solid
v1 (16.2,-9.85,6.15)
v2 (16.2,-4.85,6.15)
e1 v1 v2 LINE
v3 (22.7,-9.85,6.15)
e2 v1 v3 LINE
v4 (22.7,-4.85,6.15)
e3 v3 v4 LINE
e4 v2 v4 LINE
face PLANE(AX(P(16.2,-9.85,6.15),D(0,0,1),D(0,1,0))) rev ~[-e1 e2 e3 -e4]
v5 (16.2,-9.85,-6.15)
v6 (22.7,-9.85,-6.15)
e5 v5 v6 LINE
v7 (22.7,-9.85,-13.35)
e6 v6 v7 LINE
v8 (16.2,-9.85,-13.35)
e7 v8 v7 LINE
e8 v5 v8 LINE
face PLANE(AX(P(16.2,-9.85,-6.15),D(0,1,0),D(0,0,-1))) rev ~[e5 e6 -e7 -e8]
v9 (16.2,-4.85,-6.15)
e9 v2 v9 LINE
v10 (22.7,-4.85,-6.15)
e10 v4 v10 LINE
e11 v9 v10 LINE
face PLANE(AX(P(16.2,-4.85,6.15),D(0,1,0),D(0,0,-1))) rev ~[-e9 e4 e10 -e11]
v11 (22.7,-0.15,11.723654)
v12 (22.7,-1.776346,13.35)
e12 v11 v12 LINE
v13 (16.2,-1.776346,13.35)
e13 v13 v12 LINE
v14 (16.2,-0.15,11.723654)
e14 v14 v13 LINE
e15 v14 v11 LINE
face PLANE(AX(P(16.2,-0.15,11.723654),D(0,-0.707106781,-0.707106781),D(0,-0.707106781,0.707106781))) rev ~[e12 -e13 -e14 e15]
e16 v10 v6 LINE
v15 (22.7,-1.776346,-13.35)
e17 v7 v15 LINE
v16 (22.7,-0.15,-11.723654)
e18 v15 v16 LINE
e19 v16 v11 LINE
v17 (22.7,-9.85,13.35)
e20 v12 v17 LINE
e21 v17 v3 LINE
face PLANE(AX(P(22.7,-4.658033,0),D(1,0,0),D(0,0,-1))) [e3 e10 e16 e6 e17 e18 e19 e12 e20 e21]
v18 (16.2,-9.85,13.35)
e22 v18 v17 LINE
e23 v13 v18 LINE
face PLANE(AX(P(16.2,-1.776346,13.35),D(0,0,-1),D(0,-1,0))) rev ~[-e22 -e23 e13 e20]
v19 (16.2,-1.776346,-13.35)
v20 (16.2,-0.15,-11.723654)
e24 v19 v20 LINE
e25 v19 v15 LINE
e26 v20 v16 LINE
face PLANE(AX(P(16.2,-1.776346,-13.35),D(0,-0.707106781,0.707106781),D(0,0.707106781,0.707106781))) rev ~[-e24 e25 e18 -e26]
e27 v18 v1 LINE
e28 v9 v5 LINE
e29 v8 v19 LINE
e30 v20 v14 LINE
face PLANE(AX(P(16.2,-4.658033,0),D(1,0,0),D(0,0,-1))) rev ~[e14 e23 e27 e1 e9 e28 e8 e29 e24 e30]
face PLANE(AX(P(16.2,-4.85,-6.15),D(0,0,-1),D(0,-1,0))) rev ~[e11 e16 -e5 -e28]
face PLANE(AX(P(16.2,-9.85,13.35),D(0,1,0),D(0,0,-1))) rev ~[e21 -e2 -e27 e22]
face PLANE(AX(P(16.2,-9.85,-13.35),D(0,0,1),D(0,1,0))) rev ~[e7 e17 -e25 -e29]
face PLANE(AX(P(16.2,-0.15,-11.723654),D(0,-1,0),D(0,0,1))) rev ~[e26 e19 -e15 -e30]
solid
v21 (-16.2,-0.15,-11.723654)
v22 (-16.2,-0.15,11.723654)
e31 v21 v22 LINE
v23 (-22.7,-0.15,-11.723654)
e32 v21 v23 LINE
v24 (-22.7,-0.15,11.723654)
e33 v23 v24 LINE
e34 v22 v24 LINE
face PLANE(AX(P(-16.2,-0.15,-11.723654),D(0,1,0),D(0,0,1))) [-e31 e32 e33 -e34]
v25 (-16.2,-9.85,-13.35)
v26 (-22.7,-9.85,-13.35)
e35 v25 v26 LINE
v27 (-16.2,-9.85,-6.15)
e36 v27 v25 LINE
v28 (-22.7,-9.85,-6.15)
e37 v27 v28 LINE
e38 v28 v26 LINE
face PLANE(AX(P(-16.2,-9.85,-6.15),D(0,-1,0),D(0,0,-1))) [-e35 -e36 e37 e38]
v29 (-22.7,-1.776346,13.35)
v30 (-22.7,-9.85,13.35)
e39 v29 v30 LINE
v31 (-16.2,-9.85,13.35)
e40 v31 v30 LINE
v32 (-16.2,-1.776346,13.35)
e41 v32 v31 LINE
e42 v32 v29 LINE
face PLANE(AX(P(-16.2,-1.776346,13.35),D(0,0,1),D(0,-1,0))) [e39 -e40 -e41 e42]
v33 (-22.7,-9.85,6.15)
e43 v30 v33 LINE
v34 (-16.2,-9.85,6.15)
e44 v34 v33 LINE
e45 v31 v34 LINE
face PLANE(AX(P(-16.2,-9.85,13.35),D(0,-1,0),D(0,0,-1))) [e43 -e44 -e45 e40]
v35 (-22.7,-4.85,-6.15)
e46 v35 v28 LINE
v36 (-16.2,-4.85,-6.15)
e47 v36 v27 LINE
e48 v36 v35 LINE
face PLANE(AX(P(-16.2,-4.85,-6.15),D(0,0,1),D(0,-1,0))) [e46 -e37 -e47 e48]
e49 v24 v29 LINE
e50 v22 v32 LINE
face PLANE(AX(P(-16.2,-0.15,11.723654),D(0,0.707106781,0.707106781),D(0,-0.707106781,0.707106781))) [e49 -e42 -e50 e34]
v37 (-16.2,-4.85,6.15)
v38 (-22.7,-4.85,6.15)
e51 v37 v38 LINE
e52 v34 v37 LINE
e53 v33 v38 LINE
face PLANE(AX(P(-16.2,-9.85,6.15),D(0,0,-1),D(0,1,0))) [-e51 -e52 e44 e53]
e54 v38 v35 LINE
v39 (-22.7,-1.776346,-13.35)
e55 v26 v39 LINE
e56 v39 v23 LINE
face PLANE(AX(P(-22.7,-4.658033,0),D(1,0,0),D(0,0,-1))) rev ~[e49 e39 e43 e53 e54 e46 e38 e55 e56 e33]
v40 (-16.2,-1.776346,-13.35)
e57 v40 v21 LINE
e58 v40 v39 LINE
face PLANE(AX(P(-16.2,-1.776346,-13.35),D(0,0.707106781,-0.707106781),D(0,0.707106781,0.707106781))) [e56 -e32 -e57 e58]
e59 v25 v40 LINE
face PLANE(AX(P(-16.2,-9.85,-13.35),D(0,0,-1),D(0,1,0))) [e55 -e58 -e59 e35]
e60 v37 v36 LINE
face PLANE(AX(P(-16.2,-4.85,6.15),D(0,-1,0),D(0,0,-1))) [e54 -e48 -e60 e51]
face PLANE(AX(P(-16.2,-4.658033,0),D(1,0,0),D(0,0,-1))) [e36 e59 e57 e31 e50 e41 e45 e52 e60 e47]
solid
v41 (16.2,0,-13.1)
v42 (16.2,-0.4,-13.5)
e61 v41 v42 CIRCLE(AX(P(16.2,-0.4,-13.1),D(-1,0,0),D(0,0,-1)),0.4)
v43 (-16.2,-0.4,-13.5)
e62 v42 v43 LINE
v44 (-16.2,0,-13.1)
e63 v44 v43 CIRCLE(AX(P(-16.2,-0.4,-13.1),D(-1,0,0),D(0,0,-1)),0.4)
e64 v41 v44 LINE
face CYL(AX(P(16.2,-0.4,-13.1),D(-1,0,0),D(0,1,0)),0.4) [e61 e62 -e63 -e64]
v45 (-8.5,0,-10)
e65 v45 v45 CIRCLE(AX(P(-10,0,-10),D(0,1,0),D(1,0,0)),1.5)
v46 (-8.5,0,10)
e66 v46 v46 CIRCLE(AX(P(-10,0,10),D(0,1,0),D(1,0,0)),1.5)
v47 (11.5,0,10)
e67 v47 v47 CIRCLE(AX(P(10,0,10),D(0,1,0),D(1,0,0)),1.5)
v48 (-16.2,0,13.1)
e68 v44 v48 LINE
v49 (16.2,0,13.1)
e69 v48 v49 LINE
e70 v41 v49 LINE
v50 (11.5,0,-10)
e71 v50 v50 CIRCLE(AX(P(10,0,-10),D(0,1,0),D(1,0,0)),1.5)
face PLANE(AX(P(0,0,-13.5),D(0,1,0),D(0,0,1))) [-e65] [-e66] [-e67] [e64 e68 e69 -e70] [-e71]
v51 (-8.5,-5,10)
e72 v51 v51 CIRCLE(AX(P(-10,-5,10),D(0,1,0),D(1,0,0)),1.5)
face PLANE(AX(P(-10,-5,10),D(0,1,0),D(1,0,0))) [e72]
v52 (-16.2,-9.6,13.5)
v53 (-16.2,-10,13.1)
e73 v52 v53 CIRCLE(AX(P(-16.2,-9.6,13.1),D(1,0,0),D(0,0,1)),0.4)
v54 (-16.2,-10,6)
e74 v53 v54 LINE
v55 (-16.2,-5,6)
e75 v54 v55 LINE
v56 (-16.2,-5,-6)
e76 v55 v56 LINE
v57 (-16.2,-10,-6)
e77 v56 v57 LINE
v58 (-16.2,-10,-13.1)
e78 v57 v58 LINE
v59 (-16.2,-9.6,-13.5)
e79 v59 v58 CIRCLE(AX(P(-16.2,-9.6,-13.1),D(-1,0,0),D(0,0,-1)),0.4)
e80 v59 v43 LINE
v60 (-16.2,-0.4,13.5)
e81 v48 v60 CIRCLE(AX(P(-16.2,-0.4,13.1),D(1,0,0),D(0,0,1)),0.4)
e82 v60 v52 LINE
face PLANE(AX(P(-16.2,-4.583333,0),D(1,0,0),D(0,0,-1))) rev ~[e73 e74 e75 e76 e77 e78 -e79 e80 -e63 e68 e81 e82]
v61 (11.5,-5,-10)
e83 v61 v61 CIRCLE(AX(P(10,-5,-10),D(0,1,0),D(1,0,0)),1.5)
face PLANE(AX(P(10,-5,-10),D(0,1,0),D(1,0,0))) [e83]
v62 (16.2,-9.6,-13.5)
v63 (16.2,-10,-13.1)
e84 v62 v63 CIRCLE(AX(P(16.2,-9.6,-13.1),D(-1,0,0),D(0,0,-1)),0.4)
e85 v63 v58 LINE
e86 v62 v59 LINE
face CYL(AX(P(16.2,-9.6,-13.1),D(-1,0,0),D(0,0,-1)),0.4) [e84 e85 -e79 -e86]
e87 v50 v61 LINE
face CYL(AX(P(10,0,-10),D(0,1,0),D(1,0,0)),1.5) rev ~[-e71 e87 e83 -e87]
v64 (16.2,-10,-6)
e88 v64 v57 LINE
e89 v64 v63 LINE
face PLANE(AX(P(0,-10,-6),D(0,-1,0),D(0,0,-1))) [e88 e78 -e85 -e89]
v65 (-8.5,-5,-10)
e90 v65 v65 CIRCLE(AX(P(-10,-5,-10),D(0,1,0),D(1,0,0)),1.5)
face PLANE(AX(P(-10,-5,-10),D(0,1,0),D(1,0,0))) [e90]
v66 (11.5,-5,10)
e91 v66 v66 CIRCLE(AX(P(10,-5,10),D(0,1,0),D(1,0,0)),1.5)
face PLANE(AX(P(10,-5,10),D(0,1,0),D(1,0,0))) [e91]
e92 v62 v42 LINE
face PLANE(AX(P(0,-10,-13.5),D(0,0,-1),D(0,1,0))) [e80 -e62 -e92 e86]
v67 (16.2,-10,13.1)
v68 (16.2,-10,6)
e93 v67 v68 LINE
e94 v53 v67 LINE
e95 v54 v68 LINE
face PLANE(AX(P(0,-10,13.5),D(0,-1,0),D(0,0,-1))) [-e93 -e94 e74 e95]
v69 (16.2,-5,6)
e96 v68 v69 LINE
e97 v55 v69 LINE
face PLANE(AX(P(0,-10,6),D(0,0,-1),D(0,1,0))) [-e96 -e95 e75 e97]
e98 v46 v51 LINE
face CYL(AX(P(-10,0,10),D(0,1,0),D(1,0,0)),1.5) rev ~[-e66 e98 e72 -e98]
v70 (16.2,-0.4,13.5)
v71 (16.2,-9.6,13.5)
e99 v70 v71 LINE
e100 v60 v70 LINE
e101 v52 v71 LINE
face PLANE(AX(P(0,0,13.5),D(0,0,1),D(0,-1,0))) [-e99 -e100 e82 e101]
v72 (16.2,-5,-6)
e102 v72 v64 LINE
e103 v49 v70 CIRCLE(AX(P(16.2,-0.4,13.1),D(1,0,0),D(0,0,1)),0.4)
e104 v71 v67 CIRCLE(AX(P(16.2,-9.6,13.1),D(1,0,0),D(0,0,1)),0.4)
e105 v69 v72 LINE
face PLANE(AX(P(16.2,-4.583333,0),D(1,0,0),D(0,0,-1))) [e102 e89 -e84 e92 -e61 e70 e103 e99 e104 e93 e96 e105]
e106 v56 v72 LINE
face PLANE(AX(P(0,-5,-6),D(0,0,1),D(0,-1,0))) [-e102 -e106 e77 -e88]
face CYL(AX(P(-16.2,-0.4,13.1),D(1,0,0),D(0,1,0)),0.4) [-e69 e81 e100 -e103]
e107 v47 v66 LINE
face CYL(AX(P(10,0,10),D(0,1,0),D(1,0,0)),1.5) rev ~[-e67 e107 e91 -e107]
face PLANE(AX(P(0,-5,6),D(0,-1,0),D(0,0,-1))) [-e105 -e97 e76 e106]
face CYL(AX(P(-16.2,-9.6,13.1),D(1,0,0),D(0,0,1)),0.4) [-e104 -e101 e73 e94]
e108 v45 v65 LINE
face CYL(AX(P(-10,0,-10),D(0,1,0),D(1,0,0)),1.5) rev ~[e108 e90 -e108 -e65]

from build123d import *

# Parameters (mm, degrees)
BOSS_EXTRUDE1_DEPTH      = 16.2
BOSS_EXTRUDE1_DEPTH_BACK = 16.2
SKETCH2_R                = 1.5
CUT_EXTRUDE1_DEPTH       = 5
BOSS_EXTRUDE2_DEPTH      = 6.5
BOSS_EXTRUDE3_DEPTH      = 6.5
FILLET1_R                = 0.4


with BuildPart() as part:
    # Sketch1 → Boss-Extrude1 (new body, two sides)
    with BuildSketch(Plane(origin=(0, 0, 0), x_dir=(0, 0, -1), z_dir=(1, 0, 0))) as boss_extrude1_sk:
        Polygon((13.5, 0), (-13.5, 0), (-13.5, -10), (-6, -10), (-6, -5), (6, -5), (6, -10), (13.5, -10), align=None)
    extrude(amount=BOSS_EXTRUDE1_DEPTH)
    extrude(boss_extrude1_sk.sketch, amount=-BOSS_EXTRUDE1_DEPTH_BACK)

    # Sketch2 → Cut-Extrude1 (cut)
    with BuildSketch(Plane(origin=(0, 0, 0), x_dir=(1, 0, 0), z_dir=(0, 1, 0))):
        with Locations((-10, 10)):
            Circle(SKETCH2_R)
        with Locations((-10, -10)):
            Circle(SKETCH2_R)
        with Locations((10, -10)):
            Circle(SKETCH2_R)
        with Locations((10, 10)):
            Circle(SKETCH2_R)
    extrude(amount=-CUT_EXTRUDE1_DEPTH, mode=Mode.SUBTRACT)

    # Fillet1
    fillet1_edges = [part.edges().sort_by_distance(p)[0] for p in [
        (0, -10, 13.5),
        (0, 0, 13.5),
        (0, 0, -13.5),
        (0, -10, -13.5),
    ]]
    fillet(fillet1_edges, radius=FILLET1_R)


with BuildPart() as body_2:
    # Sketch3 → Boss-Extrude2 (new body)
    with BuildSketch(Plane.ZY.offset(16.2)):
        Polygon((-13.35, -1.776345597), (-11.723654403, -0.15), (11.723654403, -0.15), (13.35, -1.776345597), (13.35, -9.85), (6.15, -9.85), (6.15, -4.85), (-6.15, -4.85), (-6.15, -9.85), (-13.35, -9.85), align=None)
    extrude(amount=BOSS_EXTRUDE2_DEPTH)


with BuildPart() as body_3:
    # Sketch4 → Boss-Extrude3 (new body)
    with BuildSketch(Plane(origin=(16.2, 0, 0), x_dir=(0, 0, -1), z_dir=(1, 0, 0))):
        Polygon((13.35, -1.776345597), (11.723654403, -0.15), (-11.723654403, -0.15), (-13.35, -1.776345597), (-13.35, -9.85), (-6.15, -9.85), (-6.15, -4.85), (6.15, -4.85), (6.15, -9.85), (13.35, -9.85), align=None)
    extrude(amount=BOSS_EXTRUDE3_DEPTH)


solid = Compound([part.part, body_2.part, body_3.part])
